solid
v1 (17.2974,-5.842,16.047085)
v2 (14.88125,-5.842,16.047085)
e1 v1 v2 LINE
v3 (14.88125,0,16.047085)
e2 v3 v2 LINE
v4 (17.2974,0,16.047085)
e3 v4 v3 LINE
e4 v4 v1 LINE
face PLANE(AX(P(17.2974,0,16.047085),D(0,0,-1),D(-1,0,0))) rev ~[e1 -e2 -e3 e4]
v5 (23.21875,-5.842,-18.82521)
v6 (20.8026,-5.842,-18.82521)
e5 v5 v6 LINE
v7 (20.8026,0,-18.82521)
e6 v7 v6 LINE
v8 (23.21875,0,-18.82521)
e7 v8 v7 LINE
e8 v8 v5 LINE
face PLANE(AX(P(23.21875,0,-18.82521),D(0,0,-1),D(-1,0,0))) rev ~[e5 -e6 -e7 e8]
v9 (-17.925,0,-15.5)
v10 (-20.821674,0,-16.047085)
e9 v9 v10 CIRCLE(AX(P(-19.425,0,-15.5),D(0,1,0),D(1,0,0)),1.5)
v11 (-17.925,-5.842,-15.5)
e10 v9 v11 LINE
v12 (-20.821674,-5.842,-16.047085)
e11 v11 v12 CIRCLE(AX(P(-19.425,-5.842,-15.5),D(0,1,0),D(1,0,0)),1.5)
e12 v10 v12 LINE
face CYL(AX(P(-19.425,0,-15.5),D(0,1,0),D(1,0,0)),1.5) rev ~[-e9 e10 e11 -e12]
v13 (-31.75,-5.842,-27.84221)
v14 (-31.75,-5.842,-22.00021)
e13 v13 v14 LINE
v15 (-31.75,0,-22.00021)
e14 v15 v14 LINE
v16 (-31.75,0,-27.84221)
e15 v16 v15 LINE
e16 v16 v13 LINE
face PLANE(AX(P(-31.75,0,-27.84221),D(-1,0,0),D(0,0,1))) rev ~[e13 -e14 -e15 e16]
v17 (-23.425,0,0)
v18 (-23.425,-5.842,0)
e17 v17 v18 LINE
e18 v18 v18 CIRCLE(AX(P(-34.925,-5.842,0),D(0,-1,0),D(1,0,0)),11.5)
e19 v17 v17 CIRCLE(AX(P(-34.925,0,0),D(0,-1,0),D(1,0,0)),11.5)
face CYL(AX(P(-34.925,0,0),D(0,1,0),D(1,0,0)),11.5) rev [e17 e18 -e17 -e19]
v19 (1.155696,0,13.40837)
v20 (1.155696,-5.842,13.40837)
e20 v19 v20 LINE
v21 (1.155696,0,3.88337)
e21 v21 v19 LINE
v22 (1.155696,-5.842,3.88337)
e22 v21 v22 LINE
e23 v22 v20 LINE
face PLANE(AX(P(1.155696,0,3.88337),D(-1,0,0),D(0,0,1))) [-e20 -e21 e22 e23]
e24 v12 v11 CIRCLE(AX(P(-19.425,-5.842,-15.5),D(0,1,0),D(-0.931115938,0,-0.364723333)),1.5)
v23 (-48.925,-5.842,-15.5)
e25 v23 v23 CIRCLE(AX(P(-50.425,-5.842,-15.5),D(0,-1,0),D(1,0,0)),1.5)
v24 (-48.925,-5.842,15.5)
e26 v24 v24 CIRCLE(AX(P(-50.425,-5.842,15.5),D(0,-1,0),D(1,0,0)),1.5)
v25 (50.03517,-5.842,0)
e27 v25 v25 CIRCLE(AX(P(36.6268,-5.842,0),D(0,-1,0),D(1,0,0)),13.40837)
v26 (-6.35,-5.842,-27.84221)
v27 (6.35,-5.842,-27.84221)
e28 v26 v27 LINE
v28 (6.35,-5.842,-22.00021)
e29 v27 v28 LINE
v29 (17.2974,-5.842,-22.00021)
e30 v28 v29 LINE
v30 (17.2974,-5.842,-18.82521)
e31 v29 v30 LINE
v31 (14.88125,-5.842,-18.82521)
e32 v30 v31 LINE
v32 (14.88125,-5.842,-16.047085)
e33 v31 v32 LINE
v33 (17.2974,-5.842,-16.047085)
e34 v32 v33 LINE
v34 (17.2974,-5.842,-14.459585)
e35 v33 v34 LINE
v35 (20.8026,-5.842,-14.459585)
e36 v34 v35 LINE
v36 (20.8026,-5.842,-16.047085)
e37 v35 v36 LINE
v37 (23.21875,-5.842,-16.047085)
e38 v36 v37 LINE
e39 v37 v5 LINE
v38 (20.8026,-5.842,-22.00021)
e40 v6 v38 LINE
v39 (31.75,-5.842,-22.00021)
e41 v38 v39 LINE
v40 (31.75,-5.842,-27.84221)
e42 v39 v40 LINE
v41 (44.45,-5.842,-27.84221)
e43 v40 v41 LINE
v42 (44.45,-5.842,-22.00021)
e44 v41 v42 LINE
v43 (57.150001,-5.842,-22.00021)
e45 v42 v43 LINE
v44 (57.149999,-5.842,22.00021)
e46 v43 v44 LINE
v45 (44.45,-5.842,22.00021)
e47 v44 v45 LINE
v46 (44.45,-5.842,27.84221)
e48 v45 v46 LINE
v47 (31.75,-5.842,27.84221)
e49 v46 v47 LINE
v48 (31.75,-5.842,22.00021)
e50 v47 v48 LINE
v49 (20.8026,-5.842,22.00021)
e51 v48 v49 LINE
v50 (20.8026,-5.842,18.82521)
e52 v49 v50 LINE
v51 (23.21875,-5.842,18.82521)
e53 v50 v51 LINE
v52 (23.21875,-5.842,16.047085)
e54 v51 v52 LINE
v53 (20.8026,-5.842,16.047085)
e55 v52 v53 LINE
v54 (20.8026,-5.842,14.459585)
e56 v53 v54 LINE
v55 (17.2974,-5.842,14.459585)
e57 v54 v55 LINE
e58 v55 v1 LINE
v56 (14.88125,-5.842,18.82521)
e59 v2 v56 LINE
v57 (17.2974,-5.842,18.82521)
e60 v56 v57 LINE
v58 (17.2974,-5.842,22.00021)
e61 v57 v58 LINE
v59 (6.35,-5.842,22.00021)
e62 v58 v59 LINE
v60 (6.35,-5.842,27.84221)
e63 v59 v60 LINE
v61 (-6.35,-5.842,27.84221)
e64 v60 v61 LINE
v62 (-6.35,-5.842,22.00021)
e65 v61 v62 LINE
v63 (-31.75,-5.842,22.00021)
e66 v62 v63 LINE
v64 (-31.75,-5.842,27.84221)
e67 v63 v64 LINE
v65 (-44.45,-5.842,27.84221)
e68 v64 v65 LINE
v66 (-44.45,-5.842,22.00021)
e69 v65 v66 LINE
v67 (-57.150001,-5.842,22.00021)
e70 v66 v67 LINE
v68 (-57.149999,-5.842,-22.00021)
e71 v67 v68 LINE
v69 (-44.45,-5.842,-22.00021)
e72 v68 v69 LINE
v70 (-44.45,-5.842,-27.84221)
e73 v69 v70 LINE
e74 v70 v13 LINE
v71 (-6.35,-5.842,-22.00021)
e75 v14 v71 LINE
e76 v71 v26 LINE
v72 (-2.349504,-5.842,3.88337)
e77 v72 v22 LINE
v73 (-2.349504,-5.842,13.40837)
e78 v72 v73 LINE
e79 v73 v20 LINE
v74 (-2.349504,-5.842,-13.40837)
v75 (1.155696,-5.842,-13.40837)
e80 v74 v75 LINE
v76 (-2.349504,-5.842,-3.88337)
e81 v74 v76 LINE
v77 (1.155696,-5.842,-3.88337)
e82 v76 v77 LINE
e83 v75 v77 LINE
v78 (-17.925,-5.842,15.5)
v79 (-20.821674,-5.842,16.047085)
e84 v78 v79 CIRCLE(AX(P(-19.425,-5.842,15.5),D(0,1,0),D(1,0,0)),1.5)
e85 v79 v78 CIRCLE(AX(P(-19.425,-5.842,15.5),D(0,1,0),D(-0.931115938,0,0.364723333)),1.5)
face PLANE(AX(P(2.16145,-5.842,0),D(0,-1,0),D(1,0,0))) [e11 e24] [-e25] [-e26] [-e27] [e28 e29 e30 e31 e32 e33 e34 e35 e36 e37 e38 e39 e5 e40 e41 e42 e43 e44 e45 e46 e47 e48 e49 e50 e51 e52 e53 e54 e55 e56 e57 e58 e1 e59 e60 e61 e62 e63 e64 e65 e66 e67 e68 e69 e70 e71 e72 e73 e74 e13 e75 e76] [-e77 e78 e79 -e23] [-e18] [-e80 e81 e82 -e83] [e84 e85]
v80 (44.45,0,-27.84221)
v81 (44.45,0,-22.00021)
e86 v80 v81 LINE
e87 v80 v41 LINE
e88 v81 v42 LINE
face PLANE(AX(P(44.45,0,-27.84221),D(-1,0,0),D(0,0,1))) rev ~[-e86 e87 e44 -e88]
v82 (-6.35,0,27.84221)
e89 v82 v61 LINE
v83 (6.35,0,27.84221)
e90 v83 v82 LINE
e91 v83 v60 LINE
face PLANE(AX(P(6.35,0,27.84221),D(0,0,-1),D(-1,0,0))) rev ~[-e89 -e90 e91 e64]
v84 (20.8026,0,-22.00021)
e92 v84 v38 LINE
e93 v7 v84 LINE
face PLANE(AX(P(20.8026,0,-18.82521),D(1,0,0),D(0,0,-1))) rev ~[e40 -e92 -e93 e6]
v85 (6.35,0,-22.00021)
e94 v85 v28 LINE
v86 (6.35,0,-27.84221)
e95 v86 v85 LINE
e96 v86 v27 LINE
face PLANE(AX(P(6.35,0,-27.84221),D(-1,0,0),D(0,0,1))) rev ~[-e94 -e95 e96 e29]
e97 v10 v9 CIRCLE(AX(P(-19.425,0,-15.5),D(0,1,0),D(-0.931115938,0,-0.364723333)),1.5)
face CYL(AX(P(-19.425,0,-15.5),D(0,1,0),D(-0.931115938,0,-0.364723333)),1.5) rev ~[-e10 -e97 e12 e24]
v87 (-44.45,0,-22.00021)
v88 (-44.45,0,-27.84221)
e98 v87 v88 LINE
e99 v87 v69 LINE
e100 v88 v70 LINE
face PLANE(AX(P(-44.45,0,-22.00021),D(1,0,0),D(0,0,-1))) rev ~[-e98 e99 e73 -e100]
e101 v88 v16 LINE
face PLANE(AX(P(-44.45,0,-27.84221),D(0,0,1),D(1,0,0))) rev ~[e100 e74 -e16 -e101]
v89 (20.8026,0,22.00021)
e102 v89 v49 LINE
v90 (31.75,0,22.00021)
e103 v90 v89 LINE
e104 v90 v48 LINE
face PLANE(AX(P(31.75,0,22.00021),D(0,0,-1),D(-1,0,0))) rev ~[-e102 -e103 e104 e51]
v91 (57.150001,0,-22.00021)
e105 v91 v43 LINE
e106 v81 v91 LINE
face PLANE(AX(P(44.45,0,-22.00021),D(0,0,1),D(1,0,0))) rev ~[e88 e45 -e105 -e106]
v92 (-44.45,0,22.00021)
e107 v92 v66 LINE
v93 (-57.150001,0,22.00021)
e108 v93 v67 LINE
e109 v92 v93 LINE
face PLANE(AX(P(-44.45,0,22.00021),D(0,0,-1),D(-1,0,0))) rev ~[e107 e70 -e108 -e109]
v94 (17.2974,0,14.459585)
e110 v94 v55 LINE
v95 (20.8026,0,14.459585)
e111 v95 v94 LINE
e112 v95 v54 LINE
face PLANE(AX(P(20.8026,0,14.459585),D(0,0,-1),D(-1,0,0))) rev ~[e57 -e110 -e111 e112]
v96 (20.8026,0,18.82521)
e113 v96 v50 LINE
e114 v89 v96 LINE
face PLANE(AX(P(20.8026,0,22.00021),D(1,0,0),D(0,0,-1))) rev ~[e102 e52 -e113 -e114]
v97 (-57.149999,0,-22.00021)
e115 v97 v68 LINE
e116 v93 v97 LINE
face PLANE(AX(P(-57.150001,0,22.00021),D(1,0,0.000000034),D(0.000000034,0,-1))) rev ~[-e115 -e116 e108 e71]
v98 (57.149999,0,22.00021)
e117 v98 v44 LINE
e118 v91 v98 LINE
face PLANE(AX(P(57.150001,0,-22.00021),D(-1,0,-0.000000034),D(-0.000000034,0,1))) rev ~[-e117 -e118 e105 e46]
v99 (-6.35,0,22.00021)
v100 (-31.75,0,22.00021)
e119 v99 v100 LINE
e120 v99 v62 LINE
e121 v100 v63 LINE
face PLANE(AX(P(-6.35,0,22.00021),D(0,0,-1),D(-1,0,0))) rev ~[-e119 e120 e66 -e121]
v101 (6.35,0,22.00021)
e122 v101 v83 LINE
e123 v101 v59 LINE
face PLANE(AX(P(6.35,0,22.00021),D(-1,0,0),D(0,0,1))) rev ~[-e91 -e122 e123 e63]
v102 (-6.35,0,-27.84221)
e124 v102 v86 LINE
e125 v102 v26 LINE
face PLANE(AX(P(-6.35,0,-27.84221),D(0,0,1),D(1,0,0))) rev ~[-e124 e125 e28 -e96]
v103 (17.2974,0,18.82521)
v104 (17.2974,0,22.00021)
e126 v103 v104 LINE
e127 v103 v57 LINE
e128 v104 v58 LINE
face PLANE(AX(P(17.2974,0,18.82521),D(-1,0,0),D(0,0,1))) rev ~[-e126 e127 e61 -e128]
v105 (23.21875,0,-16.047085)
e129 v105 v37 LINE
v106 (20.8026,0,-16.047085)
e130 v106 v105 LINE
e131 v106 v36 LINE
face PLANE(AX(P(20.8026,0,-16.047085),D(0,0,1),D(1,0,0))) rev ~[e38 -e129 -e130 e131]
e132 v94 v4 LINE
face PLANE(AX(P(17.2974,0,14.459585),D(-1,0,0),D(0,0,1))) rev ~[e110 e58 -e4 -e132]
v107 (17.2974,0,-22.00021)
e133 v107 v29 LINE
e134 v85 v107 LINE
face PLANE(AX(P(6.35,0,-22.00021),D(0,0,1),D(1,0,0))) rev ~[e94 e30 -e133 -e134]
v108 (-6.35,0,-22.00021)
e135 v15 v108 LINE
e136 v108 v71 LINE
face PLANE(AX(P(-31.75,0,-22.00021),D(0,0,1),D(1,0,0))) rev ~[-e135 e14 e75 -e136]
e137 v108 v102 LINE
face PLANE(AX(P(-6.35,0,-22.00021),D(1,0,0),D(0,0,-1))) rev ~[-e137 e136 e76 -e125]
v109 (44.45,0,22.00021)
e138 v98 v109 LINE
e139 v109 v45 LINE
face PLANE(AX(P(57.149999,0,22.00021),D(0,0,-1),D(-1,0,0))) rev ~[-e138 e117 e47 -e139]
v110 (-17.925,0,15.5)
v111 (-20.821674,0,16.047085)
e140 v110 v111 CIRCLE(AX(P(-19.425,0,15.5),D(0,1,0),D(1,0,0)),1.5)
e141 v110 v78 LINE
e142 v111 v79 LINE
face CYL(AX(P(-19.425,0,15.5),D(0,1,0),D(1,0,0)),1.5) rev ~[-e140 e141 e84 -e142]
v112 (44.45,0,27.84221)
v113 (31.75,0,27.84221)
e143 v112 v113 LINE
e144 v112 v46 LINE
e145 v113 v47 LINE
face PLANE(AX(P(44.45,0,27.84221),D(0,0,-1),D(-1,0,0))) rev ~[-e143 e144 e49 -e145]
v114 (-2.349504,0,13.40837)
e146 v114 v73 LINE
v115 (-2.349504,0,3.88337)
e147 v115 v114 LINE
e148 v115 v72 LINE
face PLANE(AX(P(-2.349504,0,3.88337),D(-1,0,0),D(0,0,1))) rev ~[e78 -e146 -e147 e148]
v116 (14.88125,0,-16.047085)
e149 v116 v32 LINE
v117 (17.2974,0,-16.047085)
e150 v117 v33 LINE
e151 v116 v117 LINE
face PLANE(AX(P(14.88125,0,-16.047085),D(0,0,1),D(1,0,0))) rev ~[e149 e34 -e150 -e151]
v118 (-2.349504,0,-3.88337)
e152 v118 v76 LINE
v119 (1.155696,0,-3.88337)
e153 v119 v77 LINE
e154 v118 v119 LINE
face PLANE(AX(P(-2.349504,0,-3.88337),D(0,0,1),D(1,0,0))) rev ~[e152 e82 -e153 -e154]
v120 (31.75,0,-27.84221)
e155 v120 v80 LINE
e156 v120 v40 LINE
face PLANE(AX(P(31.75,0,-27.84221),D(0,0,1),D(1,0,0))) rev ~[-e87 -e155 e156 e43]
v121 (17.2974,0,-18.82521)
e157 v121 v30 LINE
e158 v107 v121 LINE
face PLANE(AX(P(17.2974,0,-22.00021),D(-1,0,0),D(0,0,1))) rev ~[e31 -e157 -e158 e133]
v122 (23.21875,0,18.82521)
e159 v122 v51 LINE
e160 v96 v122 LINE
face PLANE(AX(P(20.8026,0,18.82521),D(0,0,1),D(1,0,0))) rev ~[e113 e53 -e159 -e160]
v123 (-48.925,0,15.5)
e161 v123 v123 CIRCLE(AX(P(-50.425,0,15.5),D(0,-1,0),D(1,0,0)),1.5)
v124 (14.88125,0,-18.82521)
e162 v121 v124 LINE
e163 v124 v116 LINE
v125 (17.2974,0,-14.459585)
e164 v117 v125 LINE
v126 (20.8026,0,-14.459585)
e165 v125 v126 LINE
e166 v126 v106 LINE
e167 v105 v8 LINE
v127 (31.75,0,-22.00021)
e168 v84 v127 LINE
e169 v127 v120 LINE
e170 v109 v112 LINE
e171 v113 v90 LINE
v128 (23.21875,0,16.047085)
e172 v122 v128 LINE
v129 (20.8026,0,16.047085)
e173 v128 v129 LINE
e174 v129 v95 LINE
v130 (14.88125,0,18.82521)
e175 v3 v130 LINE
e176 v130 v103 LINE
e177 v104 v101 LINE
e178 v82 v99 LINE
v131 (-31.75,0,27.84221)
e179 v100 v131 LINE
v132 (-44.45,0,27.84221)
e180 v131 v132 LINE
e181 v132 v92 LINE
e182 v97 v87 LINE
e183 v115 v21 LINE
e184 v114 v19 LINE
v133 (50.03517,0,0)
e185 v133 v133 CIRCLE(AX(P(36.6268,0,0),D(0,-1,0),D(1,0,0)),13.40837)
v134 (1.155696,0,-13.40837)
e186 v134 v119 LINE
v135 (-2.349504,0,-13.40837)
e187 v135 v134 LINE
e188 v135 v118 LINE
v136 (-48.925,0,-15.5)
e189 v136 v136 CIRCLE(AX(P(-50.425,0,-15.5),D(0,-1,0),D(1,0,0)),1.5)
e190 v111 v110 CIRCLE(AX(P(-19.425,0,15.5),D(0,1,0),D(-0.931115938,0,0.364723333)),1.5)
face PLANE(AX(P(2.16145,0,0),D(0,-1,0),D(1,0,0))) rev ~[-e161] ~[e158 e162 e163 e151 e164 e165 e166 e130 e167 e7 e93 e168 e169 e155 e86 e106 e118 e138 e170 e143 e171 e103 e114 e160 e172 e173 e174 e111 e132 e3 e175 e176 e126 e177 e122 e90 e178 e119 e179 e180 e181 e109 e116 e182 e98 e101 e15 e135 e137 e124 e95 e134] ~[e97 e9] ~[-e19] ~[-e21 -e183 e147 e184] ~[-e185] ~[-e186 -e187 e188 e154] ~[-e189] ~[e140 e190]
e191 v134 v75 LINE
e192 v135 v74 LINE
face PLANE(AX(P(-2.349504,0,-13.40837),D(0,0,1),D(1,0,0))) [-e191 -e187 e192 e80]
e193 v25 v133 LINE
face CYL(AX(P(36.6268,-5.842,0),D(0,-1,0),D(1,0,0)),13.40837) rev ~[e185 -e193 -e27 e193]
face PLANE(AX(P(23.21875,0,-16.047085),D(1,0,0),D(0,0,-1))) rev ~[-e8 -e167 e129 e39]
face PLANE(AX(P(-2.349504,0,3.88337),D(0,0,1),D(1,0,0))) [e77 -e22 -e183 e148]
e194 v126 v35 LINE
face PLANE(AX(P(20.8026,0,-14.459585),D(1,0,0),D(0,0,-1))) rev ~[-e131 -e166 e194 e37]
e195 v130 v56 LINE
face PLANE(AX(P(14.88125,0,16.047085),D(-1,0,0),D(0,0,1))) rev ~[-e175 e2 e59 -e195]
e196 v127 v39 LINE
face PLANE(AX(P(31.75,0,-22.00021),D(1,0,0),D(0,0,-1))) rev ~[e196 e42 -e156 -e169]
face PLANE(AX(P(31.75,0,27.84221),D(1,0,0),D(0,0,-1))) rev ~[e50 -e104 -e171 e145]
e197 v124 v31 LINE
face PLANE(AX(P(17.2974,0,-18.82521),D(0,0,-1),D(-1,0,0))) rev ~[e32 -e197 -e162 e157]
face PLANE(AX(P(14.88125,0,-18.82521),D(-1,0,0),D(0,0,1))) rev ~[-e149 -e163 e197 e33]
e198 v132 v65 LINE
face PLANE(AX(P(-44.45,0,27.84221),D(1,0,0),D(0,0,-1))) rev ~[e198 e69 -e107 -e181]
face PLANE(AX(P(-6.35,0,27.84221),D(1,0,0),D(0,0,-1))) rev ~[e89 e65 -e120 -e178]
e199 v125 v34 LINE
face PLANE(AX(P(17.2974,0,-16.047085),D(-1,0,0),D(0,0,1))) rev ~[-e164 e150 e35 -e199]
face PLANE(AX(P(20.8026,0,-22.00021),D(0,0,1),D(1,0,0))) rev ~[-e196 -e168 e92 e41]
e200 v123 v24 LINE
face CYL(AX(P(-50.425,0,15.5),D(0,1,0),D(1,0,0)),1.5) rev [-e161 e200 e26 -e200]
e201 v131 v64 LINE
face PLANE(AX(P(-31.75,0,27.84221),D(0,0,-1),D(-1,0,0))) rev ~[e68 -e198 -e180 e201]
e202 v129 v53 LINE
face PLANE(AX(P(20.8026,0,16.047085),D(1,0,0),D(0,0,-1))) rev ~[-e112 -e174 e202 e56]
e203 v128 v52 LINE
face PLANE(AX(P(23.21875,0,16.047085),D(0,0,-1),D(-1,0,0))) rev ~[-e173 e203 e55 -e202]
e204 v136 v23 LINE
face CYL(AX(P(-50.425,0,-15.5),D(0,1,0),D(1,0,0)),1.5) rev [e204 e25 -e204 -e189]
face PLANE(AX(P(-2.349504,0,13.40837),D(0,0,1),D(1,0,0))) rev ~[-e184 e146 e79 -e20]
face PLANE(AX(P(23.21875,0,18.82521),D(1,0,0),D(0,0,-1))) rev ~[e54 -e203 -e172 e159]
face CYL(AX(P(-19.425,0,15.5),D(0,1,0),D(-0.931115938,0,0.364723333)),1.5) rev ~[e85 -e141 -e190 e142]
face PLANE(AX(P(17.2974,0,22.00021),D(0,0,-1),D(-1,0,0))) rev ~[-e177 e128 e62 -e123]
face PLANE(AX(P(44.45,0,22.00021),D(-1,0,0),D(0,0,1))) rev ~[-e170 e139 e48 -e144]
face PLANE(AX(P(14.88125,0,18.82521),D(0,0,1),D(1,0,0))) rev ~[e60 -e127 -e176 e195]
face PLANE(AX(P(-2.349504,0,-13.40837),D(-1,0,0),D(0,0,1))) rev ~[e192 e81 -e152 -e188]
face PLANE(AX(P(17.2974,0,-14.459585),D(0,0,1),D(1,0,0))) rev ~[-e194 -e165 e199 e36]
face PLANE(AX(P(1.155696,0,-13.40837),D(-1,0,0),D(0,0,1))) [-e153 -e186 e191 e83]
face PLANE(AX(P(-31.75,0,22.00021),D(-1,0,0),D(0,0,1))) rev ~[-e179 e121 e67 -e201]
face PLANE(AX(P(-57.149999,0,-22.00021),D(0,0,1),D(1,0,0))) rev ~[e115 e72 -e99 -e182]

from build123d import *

# Parameters (mm, degrees)
F0_R     = 1.5
F0_W     = 3.5052
F0_H     = 9.525
F0_R_2   = 11.5
F0_R_3   = 10.8625
F1_DEPTH = 5.842
F2_R     = 13.4083698832
F3_DEPTH = 25.4


with BuildPart() as f1:
    # F0 (on Front) → F1 (new body)
    with BuildSketch(Plane.XZ):
        Polygon((-44.45, 22.00021), (-57.1500007371, 22.00021), (-57.1499992629, -22.00021), (-44.45, -22.00021), (-44.45, -27.84221), (-31.75, -27.84221), (-31.75, -22.00021), (-20.8026, -22.00021), (-17.2974, -22.00021), (-6.35, -22.00021), (-6.35, -27.84221), (6.35, -27.84221), (6.35, -22.00021), (17.2974, -22.00021), (17.2974, -18.82521), (14.88125, -18.82521), (14.88125, -16.047085), (17.2974, -16.047085), (17.2974, -14.459585), (20.8026, -14.459585), (20.8026, -16.047085), (23.21875, -16.047085), (23.21875, -18.82521), (20.8026, -18.82521), (20.8026, -22.00021), (31.75, -22.00021), (31.75, -27.84221), (44.45, -27.84221), (44.45, -22.00021), (57.1500007371, -22.00021), (57.1499992629, 22.00021), (44.45, 22.00021), (44.45, 27.84221), (31.75, 27.84221), (31.75, 22.00021), (20.8026, 22.00021), (20.8026, 18.82521), (23.21875, 18.82521), (23.21875, 16.047085), (20.8026, 16.047085), (20.8026, 14.459585), (17.2974, 14.459585), (17.2974, 16.047085), (14.88125, 16.047085), (14.88125, 18.82521), (17.2974, 18.82521), (17.2974, 22.00021), (6.35, 22.00021), (6.35, 27.84221), (-6.35, 27.84221), (-6.35, 22.00021), (-17.2974, 22.00021), (-20.8026, 22.00021), (-31.75, 22.00021), (-31.75, 27.84221), (-44.45, 27.84221), align=None)
        with Locations((-50.425, -15.5)):
            Circle(F0_R, mode=Mode.SUBTRACT)
        with BuildLine():
            ThreePointArc((-20.8216739071, -16.047085), (-19.7033784648, -14.0260578606), (-17.925, -15.5))
            ThreePointArc((-17.925, -15.5), (-19.1466215352, -16.9739421394), (-20.8216739071, -16.047085))
        make_face(mode=Mode.SUBTRACT)
        with Locations((-0.5969042566, -8.6458698832)):
            Rectangle(F0_W, F0_H, mode=Mode.SUBTRACT)
        with Locations((-34.925, 0)):
            Circle(F0_R_2, mode=Mode.SUBTRACT)
        with Locations((-0.5969042566, 8.6458698832)):
            Rectangle(F0_W, F0_H, mode=Mode.SUBTRACT)
        with Locations((-50.425, 15.5)):
            Circle(F0_R, mode=Mode.SUBTRACT)
        with BuildLine():
            ThreePointArc((-20.8216739071, 16.047085), (-19.1466215352, 16.9739421394), (-17.925, 15.5))
            ThreePointArc((-17.925, 15.5), (-19.7033784648, 14.0260578606), (-20.8216739071, 16.047085))
        make_face(mode=Mode.SUBTRACT)
        with Locations((36.6268, 0)):
            Circle(F0_R_3, mode=Mode.SUBTRACT)
    extrude(amount=F1_DEPTH)

    # F2 (on face) → F3 (cut)
    with BuildSketch(Plane.XZ.offset(5.842)):
        with Locations((36.6268, 0)):
            Circle(F2_R)
    extrude(amount=-F3_DEPTH, mode=Mode.SUBTRACT)


solid = f1.part
